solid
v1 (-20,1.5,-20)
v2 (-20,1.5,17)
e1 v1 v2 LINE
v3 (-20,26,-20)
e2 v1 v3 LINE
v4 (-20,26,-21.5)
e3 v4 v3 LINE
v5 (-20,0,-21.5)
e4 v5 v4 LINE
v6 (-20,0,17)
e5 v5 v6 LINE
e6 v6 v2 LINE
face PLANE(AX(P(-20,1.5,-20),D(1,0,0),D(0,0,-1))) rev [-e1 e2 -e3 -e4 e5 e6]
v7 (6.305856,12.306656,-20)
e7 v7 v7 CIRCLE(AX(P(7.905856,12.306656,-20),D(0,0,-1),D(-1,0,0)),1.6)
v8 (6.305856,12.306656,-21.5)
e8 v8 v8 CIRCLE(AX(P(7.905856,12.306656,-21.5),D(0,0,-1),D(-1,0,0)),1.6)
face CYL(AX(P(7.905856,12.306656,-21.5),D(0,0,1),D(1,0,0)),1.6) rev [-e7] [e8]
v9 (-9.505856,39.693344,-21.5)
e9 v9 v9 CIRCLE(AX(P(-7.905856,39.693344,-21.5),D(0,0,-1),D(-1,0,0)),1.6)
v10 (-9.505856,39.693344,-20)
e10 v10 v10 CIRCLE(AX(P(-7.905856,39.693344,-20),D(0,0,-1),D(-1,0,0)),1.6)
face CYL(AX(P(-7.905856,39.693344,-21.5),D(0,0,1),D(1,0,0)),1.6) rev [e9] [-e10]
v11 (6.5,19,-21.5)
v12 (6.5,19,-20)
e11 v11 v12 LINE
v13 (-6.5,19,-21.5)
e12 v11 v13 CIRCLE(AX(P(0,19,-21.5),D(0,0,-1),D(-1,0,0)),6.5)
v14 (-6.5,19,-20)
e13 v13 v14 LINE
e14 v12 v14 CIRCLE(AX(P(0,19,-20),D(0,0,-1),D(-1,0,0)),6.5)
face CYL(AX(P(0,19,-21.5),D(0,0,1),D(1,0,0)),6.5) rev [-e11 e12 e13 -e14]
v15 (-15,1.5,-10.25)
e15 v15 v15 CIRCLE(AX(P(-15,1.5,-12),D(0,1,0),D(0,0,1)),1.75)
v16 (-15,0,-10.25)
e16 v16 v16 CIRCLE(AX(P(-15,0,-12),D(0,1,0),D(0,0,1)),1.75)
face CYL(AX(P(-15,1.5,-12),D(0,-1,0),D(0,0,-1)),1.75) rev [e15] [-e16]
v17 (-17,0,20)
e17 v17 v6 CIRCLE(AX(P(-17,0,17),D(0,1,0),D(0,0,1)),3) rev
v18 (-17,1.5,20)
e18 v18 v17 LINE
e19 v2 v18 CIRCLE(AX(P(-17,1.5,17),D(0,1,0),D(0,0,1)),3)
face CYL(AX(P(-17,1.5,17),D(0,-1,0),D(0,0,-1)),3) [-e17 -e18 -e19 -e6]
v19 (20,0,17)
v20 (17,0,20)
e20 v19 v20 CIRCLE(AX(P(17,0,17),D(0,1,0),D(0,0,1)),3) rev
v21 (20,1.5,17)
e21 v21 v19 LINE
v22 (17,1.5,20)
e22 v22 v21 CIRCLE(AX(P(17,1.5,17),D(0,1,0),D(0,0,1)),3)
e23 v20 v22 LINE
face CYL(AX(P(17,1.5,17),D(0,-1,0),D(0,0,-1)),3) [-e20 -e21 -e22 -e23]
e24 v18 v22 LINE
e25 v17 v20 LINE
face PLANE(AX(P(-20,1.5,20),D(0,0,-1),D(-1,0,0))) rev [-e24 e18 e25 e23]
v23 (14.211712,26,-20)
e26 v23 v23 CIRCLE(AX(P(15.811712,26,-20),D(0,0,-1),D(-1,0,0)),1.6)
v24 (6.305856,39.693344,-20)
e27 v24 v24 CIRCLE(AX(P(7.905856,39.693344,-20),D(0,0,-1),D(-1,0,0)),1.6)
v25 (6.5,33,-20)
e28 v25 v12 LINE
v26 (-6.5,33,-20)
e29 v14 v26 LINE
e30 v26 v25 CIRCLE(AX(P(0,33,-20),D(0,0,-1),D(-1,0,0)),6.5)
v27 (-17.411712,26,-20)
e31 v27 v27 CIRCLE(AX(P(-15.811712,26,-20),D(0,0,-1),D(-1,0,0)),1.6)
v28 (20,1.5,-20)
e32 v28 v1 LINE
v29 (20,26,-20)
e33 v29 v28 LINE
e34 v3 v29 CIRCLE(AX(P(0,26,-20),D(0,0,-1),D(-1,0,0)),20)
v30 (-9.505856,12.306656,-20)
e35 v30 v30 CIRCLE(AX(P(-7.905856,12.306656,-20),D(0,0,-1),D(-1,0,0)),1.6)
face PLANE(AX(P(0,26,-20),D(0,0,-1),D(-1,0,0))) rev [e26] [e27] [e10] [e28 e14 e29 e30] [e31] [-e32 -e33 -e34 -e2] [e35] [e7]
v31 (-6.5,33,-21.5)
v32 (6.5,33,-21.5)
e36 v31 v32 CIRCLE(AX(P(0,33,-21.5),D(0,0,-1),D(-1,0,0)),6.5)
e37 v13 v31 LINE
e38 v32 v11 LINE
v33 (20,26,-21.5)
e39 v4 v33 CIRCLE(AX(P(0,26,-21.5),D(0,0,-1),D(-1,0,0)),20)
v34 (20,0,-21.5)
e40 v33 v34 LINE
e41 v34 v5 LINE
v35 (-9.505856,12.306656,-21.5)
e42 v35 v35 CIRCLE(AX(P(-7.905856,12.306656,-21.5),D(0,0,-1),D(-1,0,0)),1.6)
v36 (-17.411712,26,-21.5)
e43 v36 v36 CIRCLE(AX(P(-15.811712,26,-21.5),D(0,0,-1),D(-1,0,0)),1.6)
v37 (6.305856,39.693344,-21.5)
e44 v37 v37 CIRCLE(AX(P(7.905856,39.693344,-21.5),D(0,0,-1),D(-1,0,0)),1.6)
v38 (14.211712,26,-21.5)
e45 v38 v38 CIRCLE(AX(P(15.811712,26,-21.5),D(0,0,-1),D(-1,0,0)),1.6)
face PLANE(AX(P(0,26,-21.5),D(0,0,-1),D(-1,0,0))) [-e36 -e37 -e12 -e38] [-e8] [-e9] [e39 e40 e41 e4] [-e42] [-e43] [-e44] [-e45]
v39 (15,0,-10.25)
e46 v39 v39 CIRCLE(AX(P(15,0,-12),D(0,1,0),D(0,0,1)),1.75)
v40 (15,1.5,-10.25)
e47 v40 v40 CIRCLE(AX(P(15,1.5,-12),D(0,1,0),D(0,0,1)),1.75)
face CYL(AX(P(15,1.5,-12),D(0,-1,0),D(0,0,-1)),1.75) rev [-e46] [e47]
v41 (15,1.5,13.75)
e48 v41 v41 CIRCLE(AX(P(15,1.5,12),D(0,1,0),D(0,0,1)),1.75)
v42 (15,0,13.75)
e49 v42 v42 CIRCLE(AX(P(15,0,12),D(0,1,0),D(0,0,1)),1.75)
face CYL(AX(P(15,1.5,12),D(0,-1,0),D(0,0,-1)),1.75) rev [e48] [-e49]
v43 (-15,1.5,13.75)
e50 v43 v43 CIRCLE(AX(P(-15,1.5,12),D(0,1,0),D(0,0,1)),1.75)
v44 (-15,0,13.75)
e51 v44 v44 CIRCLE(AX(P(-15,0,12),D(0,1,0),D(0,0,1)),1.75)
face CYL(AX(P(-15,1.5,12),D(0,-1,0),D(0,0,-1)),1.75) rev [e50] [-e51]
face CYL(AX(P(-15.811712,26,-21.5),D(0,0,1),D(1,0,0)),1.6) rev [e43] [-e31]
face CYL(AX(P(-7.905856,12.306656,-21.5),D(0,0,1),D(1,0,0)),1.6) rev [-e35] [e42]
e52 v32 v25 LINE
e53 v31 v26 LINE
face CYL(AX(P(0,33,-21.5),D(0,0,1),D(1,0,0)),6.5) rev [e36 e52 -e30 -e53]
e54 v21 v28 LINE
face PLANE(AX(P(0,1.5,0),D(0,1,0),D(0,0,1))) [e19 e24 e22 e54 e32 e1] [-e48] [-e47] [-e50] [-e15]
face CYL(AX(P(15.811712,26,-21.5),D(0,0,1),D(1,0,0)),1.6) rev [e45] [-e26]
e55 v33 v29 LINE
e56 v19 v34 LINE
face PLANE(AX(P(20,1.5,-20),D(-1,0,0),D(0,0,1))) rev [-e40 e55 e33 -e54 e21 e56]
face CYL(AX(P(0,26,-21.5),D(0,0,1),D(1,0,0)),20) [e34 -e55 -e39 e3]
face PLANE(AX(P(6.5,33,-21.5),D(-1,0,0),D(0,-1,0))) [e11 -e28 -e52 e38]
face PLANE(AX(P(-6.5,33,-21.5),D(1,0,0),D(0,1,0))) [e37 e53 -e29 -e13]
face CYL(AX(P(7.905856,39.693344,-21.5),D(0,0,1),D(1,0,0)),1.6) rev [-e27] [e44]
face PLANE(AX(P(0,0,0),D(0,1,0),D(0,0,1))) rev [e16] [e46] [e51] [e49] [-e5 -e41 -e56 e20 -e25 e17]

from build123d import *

# Parameters (mm, degrees)
SKETCH1_W           = 40
SKETCH1_H           = 40
SKETCH1_R           = 1.75
BOSS_EXTRUDE1_DEPTH = 1.5
FILLET1_R           = 3
SKETCH2_R           = 1.6
BOSS_EXTRUDE2_DEPTH = 1.5


with BuildPart() as part:
    # Sketch1 → Boss-Extrude1 (new body)
    with BuildSketch(Plane(origin=(0, 0, 0), x_dir=(1, 0, 0), z_dir=(0, 1, 0))):
        Rectangle(SKETCH1_W, SKETCH1_H)
        with Locations((-15, -12)):
            Circle(SKETCH1_R, mode=Mode.SUBTRACT)
        with Locations((15, -12)):
            Circle(SKETCH1_R, mode=Mode.SUBTRACT)
        with Locations((15, 12)):
            Circle(SKETCH1_R, mode=Mode.SUBTRACT)
        with Locations((-15, 12)):
            Circle(SKETCH1_R, mode=Mode.SUBTRACT)
    extrude(amount=BOSS_EXTRUDE1_DEPTH)

    # Fillet1
    fillet1_edges = [part.edges().sort_by_distance(p)[0] for p in [
        (20, 0.75, 20),
        (-20, 0.75, 20),
    ]]
    fillet(fillet1_edges, radius=FILLET1_R)

    # Sketch2 → Boss-Extrude2 (add)
    with BuildSketch(Plane(origin=(0, 0, -20), x_dir=(-1, 0, 0), z_dir=(0, 0, -1))):
        with BuildLine():
            Line((-20, 0), (20, 0))
            Line((20, 0), (20, 26))
            ThreePointArc((20, 26), (0, 46), (-20, 26))
            Line((-20, 26), (-20, 0))
        make_face()
        with Locations((15.81171166, 26)):
            Circle(SKETCH2_R, mode=Mode.SUBTRACT)
        with Locations((7.90585583, 12.306656025)):
            Circle(SKETCH2_R, mode=Mode.SUBTRACT)
        with Locations((-7.90585583, 12.306656025)):
            Circle(SKETCH2_R, mode=Mode.SUBTRACT)
        with Locations((-15.81171166, 26)):
            Circle(SKETCH2_R, mode=Mode.SUBTRACT)
        with Locations((-7.90585583, 39.693343975)):
            Circle(SKETCH2_R, mode=Mode.SUBTRACT)
        with Locations((7.90585583, 39.693343975)):
            Circle(SKETCH2_R, mode=Mode.SUBTRACT)
        with BuildLine():
            Line((-6.5, 33), (-6.5, 19))
            ThreePointArc((-6.5, 19), (0, 12.5), (6.5, 19))
            Line((6.5, 19), (6.5, 33))
            ThreePointArc((6.5, 33), (0, 39.5), (-6.5, 33))
        make_face(mode=Mode.SUBTRACT)
    extrude(amount=BOSS_EXTRUDE2_DEPTH)


solid = part.part
